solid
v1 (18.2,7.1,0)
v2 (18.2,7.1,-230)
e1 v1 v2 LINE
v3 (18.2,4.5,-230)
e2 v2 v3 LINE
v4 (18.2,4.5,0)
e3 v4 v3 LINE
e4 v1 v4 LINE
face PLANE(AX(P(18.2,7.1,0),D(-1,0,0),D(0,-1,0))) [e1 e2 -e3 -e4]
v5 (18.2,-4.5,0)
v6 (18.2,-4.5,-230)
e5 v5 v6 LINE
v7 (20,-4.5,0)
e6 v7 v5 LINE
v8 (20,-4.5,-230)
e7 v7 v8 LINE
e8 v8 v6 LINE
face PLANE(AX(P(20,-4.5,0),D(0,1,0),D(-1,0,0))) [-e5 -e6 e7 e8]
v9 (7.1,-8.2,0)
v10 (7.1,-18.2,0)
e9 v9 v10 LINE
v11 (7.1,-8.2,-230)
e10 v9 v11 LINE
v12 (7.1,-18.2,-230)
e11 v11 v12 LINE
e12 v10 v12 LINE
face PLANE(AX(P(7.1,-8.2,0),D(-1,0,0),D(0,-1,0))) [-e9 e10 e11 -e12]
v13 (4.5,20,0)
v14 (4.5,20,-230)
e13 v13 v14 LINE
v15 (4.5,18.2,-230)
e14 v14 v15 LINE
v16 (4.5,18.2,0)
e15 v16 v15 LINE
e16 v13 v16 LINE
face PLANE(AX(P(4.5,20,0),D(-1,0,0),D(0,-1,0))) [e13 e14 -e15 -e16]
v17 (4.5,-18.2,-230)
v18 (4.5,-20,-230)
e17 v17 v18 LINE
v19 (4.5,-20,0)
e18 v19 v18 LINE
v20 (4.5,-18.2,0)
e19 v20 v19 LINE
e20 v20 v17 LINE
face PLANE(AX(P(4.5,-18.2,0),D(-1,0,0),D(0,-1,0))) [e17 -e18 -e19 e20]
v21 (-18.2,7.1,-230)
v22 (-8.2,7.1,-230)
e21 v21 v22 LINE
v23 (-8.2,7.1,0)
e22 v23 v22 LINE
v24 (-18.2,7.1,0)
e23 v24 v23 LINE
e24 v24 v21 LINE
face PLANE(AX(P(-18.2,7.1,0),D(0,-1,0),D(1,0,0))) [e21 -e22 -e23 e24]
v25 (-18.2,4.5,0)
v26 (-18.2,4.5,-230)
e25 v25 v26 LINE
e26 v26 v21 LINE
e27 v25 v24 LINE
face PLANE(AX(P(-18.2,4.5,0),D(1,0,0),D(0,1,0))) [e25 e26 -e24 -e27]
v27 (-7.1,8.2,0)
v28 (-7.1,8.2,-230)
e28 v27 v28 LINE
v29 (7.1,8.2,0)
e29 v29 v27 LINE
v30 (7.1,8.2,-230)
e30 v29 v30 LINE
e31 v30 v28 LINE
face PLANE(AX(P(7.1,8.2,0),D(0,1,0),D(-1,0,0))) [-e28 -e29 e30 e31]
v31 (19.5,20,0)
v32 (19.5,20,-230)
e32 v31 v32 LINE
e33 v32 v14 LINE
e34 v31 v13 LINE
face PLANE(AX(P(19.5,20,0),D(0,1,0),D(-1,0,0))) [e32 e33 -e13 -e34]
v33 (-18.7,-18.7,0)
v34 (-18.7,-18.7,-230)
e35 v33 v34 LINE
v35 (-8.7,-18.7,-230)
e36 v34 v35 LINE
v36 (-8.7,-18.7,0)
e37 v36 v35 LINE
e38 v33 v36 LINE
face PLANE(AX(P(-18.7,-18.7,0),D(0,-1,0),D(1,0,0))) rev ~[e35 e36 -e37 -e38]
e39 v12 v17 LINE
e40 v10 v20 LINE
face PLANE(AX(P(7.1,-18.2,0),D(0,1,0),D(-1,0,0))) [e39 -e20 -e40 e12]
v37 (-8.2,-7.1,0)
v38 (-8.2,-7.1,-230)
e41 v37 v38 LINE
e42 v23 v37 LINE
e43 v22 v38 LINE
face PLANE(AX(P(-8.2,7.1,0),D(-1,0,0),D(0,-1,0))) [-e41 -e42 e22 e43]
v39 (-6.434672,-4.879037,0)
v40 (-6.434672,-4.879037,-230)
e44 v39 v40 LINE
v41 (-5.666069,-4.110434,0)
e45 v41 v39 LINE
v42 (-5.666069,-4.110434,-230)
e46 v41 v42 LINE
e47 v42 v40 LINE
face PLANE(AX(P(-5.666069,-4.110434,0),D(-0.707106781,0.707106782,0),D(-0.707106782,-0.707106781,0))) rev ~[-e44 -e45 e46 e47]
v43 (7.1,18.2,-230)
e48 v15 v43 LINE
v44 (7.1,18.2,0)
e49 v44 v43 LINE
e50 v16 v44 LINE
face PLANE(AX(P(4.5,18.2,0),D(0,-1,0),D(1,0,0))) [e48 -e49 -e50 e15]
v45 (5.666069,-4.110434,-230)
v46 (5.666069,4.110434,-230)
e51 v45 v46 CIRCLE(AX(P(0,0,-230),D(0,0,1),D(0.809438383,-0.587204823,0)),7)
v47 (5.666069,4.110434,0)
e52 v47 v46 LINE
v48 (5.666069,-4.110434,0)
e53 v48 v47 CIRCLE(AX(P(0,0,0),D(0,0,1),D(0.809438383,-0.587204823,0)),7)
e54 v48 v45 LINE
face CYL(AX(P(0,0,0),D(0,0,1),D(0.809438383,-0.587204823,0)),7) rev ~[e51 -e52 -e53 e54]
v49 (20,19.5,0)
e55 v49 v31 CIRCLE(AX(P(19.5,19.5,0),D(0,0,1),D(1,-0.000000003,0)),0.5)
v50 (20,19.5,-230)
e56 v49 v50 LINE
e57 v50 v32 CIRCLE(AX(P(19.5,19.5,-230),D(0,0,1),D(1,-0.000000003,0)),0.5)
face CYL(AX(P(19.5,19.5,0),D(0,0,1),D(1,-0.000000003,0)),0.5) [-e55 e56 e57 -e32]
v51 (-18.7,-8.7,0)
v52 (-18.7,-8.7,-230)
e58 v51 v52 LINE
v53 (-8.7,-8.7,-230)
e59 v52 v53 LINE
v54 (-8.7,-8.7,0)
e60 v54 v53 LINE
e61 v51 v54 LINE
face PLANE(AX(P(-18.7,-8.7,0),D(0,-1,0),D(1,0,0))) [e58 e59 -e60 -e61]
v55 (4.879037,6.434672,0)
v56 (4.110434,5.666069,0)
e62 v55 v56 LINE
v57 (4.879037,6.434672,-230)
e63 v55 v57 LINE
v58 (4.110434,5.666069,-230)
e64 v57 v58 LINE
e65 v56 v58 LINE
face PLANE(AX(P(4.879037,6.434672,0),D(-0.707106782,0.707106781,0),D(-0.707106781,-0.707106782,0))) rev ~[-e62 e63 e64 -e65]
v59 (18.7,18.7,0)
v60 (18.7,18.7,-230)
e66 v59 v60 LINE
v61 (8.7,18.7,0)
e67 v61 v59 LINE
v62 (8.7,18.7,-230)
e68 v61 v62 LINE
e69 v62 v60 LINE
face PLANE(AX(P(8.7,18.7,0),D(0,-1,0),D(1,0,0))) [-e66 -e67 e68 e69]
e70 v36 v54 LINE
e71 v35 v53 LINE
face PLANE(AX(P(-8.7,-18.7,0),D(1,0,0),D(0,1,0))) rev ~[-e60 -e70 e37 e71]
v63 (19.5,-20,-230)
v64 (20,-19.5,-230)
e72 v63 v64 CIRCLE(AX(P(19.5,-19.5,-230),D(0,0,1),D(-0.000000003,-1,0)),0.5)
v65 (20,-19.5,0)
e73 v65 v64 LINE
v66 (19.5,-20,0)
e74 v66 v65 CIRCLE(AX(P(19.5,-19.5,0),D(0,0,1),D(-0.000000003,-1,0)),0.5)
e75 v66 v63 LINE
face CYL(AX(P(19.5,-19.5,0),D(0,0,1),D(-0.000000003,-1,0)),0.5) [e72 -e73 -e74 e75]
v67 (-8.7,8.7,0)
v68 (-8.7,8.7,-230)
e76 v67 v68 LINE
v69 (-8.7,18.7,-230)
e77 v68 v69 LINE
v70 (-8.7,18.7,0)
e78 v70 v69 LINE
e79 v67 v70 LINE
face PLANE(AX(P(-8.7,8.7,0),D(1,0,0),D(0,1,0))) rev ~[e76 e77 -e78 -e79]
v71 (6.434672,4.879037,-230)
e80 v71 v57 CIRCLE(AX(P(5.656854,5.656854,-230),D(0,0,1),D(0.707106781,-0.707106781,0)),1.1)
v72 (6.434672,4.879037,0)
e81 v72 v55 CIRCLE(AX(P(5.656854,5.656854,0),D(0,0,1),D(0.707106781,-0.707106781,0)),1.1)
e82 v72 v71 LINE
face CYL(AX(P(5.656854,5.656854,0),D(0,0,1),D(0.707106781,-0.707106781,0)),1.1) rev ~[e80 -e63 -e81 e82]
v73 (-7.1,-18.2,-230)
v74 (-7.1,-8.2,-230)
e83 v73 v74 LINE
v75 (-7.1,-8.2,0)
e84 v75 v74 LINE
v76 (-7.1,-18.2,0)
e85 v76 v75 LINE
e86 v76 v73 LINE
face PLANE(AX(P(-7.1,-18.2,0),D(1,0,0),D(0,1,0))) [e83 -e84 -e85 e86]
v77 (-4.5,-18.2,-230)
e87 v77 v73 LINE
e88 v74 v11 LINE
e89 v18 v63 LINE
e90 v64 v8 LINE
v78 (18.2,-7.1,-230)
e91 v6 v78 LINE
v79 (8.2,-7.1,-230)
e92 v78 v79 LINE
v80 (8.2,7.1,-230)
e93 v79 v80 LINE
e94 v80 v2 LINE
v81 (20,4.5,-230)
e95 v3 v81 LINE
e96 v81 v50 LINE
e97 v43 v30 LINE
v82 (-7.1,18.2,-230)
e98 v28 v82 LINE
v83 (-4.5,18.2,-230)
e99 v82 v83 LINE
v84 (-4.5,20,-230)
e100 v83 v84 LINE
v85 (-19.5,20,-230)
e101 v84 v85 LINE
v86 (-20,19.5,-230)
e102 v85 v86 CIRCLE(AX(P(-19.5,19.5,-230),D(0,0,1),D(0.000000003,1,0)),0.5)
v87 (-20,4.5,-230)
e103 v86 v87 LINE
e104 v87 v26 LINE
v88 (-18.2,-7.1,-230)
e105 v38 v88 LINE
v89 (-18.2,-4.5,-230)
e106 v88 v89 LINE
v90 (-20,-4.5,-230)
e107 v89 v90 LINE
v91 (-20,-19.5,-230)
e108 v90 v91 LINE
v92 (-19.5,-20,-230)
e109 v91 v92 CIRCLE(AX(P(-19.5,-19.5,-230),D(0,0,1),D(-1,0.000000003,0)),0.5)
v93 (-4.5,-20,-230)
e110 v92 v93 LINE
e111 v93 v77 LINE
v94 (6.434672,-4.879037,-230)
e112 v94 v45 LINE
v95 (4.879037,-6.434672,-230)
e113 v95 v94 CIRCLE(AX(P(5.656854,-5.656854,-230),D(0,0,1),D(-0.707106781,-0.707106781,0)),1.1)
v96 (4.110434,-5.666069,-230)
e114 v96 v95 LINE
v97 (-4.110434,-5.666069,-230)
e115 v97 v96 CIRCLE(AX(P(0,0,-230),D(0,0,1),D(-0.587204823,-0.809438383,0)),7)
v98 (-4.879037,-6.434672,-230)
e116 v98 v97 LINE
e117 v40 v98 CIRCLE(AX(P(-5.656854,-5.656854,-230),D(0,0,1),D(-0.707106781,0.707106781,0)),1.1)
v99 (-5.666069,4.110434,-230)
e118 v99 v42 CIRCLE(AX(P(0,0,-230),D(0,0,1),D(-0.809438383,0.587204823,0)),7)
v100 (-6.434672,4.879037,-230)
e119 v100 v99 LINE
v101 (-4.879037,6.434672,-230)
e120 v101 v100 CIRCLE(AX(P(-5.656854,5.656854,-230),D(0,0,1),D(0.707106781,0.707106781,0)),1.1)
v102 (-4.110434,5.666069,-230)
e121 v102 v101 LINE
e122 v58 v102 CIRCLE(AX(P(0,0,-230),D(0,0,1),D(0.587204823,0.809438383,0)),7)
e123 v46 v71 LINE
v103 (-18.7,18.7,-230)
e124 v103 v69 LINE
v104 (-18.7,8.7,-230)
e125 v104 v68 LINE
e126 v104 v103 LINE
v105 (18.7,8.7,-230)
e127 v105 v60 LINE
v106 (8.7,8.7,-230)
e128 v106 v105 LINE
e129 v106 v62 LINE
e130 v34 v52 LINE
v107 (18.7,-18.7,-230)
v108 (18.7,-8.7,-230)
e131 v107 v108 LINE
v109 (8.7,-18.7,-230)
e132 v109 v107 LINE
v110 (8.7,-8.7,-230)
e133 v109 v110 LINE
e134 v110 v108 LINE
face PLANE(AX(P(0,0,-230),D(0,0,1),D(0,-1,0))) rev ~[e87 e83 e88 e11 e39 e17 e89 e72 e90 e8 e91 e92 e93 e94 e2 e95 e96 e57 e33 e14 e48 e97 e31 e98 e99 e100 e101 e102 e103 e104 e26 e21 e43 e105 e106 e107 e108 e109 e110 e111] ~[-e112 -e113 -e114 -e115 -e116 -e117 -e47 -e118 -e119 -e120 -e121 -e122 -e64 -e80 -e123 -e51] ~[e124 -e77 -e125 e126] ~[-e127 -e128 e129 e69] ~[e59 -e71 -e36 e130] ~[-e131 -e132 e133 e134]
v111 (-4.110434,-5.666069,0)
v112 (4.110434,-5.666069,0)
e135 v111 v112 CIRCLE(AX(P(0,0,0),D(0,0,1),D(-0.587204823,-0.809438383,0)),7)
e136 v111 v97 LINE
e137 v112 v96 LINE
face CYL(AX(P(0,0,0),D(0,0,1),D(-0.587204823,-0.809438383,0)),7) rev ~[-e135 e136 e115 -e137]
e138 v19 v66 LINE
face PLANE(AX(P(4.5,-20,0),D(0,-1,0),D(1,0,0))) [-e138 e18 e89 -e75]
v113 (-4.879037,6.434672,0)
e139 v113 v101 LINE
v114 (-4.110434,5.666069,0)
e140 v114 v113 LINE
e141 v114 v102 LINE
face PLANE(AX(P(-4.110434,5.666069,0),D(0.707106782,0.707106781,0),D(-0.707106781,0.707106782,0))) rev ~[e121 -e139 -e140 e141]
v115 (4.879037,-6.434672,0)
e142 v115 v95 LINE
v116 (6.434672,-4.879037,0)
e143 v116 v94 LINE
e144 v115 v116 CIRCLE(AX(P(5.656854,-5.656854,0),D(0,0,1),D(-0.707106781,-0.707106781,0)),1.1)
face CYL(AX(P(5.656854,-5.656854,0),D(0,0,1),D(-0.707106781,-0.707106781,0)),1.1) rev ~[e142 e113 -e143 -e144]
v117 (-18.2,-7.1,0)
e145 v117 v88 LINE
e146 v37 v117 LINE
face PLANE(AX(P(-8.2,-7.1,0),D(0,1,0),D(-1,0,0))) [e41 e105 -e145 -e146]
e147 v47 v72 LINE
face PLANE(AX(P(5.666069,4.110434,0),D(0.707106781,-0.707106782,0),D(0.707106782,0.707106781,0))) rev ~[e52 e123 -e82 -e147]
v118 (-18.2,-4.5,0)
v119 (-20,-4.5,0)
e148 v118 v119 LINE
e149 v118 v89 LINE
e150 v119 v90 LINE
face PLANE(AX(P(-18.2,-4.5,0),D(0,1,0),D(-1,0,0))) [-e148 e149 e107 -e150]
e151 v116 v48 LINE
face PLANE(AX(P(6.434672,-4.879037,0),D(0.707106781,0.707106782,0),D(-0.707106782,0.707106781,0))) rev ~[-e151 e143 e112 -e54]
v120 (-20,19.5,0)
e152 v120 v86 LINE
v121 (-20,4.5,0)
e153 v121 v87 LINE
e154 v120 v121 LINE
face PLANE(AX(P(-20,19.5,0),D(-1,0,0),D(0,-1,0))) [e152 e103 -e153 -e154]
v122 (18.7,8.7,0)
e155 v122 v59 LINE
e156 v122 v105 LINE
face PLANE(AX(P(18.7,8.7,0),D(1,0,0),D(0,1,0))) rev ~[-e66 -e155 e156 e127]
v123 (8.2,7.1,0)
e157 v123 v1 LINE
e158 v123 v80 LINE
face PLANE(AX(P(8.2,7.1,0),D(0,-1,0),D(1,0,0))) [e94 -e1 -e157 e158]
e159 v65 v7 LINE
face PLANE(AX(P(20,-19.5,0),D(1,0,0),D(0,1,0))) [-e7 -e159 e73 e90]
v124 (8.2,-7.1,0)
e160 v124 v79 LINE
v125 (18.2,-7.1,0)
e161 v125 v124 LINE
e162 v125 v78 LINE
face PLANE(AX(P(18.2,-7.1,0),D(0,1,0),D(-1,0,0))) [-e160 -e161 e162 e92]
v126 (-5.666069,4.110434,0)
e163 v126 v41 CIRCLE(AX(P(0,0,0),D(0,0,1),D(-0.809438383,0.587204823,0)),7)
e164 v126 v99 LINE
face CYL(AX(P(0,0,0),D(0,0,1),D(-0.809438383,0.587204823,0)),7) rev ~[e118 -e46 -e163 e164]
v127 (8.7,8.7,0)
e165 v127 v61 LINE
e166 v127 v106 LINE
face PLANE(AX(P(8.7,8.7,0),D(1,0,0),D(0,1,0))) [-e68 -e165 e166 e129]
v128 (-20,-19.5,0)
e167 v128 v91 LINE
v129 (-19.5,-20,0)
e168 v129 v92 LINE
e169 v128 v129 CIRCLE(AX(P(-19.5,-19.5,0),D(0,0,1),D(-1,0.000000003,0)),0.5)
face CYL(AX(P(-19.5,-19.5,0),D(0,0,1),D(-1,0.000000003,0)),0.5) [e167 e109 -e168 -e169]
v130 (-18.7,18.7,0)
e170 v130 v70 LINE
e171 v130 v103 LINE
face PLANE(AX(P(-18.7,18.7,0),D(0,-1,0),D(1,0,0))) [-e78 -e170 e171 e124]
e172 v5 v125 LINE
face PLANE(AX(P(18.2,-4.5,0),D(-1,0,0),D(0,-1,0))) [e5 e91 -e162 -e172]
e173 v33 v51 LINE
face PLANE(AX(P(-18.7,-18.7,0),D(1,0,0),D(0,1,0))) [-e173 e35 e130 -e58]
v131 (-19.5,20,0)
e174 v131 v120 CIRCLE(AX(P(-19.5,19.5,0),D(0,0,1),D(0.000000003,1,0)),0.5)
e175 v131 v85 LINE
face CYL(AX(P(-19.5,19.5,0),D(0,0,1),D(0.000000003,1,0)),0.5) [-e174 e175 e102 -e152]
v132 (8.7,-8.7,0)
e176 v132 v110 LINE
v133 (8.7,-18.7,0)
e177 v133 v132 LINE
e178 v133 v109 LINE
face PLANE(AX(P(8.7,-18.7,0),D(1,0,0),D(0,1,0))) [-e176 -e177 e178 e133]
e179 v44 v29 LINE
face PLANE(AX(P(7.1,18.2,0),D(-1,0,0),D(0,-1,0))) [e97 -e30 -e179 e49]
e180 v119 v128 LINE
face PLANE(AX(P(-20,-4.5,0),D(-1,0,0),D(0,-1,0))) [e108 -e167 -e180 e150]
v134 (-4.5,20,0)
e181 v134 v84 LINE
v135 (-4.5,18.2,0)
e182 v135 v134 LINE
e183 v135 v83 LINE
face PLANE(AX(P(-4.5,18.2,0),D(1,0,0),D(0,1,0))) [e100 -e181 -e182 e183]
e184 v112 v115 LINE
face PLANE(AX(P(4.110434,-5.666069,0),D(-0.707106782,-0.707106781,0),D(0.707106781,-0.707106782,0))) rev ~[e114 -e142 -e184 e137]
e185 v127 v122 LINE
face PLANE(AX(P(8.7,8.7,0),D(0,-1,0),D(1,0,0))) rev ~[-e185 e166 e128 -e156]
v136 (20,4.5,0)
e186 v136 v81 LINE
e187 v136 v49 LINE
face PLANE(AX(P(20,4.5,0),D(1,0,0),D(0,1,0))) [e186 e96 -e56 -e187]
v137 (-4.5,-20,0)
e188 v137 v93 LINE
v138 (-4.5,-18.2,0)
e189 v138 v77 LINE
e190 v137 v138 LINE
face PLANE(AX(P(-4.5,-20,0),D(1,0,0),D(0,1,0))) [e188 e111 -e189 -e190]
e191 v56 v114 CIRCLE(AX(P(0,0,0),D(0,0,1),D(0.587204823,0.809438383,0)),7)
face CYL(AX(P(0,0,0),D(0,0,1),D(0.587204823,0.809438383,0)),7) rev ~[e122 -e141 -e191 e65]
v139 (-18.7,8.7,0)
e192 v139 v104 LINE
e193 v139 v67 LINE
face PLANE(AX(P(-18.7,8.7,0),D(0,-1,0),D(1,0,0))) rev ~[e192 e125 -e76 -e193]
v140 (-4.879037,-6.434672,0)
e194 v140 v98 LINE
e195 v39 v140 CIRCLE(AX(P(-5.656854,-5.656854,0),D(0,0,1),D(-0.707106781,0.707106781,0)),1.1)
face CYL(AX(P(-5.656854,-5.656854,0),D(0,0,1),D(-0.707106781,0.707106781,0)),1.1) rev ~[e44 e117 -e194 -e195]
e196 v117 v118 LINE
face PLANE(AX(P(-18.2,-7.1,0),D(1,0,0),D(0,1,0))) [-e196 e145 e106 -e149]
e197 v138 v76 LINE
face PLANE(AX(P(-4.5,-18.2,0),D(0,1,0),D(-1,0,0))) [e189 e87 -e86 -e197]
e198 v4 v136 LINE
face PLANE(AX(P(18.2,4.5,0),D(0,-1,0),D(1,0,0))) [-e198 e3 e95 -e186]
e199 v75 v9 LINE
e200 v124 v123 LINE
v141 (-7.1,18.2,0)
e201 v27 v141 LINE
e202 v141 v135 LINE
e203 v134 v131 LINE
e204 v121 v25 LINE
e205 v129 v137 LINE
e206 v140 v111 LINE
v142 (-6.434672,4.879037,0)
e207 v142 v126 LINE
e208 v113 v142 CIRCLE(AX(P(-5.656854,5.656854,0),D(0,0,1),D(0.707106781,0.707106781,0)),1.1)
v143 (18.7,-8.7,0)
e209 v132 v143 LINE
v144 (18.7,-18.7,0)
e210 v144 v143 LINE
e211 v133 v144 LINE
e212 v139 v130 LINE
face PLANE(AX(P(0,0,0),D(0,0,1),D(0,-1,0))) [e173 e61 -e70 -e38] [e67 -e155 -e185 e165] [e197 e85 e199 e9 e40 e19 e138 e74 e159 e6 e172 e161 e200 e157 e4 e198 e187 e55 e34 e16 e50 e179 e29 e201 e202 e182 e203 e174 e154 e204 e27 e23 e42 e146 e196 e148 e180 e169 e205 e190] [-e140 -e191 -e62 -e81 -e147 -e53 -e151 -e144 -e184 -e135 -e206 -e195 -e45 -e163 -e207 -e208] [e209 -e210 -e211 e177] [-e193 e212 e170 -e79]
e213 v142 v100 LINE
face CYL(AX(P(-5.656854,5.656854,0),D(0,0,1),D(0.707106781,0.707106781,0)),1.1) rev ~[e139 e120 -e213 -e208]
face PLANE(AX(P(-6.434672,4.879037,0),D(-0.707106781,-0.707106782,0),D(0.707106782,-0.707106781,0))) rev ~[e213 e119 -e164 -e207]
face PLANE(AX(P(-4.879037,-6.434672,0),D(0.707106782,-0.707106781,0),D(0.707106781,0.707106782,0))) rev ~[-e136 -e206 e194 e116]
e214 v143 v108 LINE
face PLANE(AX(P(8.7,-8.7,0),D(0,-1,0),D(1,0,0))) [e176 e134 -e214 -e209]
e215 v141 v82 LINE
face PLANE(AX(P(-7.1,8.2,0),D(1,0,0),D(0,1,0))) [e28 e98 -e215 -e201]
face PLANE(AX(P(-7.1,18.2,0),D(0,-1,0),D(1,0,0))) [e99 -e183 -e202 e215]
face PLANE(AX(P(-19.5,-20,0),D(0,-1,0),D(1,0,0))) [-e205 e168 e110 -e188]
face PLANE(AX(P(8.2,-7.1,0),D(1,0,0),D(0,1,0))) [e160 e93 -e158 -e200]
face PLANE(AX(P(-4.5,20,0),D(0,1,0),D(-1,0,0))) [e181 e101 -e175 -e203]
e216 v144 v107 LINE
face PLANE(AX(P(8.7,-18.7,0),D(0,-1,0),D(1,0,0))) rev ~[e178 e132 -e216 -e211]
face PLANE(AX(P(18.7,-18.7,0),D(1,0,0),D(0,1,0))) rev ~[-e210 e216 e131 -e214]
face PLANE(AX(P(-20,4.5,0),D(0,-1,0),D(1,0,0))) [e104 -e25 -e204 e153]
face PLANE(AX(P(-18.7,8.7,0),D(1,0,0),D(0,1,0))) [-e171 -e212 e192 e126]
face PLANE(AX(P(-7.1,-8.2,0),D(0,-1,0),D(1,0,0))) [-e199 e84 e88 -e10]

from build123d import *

# Parameters (mm, degrees)
SKETCH1_W                 = 10
SKETCH1_H                 = 10
F_40_X_40A_X_R0_5_1_DEPTH = 230


with BuildPart() as part:
    # Sketch1 → 铝型材 40 X 40A X R0.5(1) (new body)
    with BuildSketch(Plane.YX):
        with BuildLine():
            Line((-19.5, 20), (-4.5, 20))
            Line((-4.5, 20), (-4.5, 18.2))
            Line((-4.5, 18.2), (-7.1, 18.2))
            Line((-7.1, 18.2), (-7.1, 8.2))
            Line((-7.1, 8.2), (7.1, 8.2))
            Line((7.1, 8.2), (7.1, 18.2))
            Line((7.1, 18.2), (4.5, 18.2))
            Line((4.5, 18.2), (4.5, 20))
            Line((4.5, 20), (19.5, 20))
            ThreePointArc((19.5, 20), (19.853553391, 19.853553391), (20, 19.5))
            Line((20, 19.5), (20, 4.5))
            Line((20, 4.5), (18.2, 4.5))
            Line((18.2, 4.5), (18.2, 7.1))
            Line((18.2, 7.1), (8.2, 7.1))
            Line((8.2, 7.1), (8.2, -7.1))
            Line((8.2, -7.1), (18.2, -7.1))
            Line((18.2, -7.1), (18.2, -4.5))
            Line((18.2, -4.5), (20, -4.5))
            Line((20, -4.5), (20, -19.5))
            ThreePointArc((20, -19.5), (19.853553391, -19.853553391), (19.5, -20))
            Line((19.5, -20), (4.5, -20))
            Line((4.5, -20), (4.5, -18.2))
            Line((4.5, -18.2), (7.1, -18.2))
            Line((7.1, -18.2), (7.1, -8.2))
            Line((7.1, -8.2), (-7.1, -8.2))
            Line((-7.1, -8.2), (-7.1, -18.2))
            Line((-7.1, -18.2), (-4.5, -18.2))
            Line((-4.5, -18.2), (-4.5, -20))
            Line((-4.5, -20), (-19.5, -20))
            ThreePointArc((-19.5, -20), (-19.853553391, -19.853553391), (-20, -19.5))
            Line((-20, -19.5), (-20, -4.5))
            Line((-20, -4.5), (-18.2, -4.5))
            Line((-18.2, -4.5), (-18.2, -7.1))
            Line((-18.2, -7.1), (-8.2, -7.1))
            Line((-8.2, -7.1), (-8.2, 7.1))
            Line((-8.2, 7.1), (-18.2, 7.1))
            Line((-18.2, 7.1), (-18.2, 4.5))
            Line((-18.2, 4.5), (-20, 4.5))
            Line((-20, 4.5), (-20, 19.5))
            ThreePointArc((-20, 19.5), (-19.853553391, 19.853553391), (-19.5, 20))
        make_face()
        with BuildLine():
            Line((-4.87903679, 6.434671709), (-4.110433762, 5.66606868))
            ThreePointArc((-4.110433762, 5.66606868), (0, 7), (4.110433762, 5.66606868))
            Line((4.110433762, 5.66606868), (4.87903679, 6.434671709))
            ThreePointArc((4.87903679, 6.434671709), (6.434671709, 6.434671709), (6.434671709, 4.87903679))
            Line((6.434671709, 4.87903679), (5.66606868, 4.110433762))
            ThreePointArc((5.66606868, 4.110433762), (7, 0), (5.66606868, -4.110433762))
            Line((5.66606868, -4.110433762), (6.434671709, -4.87903679))
            ThreePointArc((6.434671709, -4.87903679), (6.434671709, -6.434671709), (4.87903679, -6.434671709))
            Line((4.87903679, -6.434671709), (4.110433762, -5.66606868))
            ThreePointArc((4.110433762, -5.66606868), (0, -7), (-4.110433762, -5.66606868))
            Line((-4.110433762, -5.66606868), (-4.87903679, -6.434671709))
            ThreePointArc((-4.87903679, -6.434671709), (-6.434671709, -6.434671709), (-6.434671709, -4.87903679))
            Line((-6.434671709, -4.87903679), (-5.66606868, -4.110433762))
            ThreePointArc((-5.66606868, -4.110433762), (-7, 0), (-5.66606868, 4.110433762))
            Line((-5.66606868, 4.110433762), (-6.434671709, 4.87903679))
            ThreePointArc((-6.434671709, 4.87903679), (-6.434671709, 6.434671709), (-4.87903679, 6.434671709))
        make_face(mode=Mode.SUBTRACT)
        with Locations((-13.7, 13.7)):
            Rectangle(SKETCH1_W, SKETCH1_H, mode=Mode.SUBTRACT)
        with Locations((13.7, 13.7)):
            Rectangle(SKETCH1_W, SKETCH1_H, mode=Mode.SUBTRACT)
        with Locations((13.7, -13.7)):
            Rectangle(SKETCH1_W, SKETCH1_H, mode=Mode.SUBTRACT)
        with Locations((-13.7, -13.7)):
            Rectangle(SKETCH1_W, SKETCH1_H, mode=Mode.SUBTRACT)
    extrude(amount=F_40_X_40A_X_R0_5_1_DEPTH)


solid = part.part
